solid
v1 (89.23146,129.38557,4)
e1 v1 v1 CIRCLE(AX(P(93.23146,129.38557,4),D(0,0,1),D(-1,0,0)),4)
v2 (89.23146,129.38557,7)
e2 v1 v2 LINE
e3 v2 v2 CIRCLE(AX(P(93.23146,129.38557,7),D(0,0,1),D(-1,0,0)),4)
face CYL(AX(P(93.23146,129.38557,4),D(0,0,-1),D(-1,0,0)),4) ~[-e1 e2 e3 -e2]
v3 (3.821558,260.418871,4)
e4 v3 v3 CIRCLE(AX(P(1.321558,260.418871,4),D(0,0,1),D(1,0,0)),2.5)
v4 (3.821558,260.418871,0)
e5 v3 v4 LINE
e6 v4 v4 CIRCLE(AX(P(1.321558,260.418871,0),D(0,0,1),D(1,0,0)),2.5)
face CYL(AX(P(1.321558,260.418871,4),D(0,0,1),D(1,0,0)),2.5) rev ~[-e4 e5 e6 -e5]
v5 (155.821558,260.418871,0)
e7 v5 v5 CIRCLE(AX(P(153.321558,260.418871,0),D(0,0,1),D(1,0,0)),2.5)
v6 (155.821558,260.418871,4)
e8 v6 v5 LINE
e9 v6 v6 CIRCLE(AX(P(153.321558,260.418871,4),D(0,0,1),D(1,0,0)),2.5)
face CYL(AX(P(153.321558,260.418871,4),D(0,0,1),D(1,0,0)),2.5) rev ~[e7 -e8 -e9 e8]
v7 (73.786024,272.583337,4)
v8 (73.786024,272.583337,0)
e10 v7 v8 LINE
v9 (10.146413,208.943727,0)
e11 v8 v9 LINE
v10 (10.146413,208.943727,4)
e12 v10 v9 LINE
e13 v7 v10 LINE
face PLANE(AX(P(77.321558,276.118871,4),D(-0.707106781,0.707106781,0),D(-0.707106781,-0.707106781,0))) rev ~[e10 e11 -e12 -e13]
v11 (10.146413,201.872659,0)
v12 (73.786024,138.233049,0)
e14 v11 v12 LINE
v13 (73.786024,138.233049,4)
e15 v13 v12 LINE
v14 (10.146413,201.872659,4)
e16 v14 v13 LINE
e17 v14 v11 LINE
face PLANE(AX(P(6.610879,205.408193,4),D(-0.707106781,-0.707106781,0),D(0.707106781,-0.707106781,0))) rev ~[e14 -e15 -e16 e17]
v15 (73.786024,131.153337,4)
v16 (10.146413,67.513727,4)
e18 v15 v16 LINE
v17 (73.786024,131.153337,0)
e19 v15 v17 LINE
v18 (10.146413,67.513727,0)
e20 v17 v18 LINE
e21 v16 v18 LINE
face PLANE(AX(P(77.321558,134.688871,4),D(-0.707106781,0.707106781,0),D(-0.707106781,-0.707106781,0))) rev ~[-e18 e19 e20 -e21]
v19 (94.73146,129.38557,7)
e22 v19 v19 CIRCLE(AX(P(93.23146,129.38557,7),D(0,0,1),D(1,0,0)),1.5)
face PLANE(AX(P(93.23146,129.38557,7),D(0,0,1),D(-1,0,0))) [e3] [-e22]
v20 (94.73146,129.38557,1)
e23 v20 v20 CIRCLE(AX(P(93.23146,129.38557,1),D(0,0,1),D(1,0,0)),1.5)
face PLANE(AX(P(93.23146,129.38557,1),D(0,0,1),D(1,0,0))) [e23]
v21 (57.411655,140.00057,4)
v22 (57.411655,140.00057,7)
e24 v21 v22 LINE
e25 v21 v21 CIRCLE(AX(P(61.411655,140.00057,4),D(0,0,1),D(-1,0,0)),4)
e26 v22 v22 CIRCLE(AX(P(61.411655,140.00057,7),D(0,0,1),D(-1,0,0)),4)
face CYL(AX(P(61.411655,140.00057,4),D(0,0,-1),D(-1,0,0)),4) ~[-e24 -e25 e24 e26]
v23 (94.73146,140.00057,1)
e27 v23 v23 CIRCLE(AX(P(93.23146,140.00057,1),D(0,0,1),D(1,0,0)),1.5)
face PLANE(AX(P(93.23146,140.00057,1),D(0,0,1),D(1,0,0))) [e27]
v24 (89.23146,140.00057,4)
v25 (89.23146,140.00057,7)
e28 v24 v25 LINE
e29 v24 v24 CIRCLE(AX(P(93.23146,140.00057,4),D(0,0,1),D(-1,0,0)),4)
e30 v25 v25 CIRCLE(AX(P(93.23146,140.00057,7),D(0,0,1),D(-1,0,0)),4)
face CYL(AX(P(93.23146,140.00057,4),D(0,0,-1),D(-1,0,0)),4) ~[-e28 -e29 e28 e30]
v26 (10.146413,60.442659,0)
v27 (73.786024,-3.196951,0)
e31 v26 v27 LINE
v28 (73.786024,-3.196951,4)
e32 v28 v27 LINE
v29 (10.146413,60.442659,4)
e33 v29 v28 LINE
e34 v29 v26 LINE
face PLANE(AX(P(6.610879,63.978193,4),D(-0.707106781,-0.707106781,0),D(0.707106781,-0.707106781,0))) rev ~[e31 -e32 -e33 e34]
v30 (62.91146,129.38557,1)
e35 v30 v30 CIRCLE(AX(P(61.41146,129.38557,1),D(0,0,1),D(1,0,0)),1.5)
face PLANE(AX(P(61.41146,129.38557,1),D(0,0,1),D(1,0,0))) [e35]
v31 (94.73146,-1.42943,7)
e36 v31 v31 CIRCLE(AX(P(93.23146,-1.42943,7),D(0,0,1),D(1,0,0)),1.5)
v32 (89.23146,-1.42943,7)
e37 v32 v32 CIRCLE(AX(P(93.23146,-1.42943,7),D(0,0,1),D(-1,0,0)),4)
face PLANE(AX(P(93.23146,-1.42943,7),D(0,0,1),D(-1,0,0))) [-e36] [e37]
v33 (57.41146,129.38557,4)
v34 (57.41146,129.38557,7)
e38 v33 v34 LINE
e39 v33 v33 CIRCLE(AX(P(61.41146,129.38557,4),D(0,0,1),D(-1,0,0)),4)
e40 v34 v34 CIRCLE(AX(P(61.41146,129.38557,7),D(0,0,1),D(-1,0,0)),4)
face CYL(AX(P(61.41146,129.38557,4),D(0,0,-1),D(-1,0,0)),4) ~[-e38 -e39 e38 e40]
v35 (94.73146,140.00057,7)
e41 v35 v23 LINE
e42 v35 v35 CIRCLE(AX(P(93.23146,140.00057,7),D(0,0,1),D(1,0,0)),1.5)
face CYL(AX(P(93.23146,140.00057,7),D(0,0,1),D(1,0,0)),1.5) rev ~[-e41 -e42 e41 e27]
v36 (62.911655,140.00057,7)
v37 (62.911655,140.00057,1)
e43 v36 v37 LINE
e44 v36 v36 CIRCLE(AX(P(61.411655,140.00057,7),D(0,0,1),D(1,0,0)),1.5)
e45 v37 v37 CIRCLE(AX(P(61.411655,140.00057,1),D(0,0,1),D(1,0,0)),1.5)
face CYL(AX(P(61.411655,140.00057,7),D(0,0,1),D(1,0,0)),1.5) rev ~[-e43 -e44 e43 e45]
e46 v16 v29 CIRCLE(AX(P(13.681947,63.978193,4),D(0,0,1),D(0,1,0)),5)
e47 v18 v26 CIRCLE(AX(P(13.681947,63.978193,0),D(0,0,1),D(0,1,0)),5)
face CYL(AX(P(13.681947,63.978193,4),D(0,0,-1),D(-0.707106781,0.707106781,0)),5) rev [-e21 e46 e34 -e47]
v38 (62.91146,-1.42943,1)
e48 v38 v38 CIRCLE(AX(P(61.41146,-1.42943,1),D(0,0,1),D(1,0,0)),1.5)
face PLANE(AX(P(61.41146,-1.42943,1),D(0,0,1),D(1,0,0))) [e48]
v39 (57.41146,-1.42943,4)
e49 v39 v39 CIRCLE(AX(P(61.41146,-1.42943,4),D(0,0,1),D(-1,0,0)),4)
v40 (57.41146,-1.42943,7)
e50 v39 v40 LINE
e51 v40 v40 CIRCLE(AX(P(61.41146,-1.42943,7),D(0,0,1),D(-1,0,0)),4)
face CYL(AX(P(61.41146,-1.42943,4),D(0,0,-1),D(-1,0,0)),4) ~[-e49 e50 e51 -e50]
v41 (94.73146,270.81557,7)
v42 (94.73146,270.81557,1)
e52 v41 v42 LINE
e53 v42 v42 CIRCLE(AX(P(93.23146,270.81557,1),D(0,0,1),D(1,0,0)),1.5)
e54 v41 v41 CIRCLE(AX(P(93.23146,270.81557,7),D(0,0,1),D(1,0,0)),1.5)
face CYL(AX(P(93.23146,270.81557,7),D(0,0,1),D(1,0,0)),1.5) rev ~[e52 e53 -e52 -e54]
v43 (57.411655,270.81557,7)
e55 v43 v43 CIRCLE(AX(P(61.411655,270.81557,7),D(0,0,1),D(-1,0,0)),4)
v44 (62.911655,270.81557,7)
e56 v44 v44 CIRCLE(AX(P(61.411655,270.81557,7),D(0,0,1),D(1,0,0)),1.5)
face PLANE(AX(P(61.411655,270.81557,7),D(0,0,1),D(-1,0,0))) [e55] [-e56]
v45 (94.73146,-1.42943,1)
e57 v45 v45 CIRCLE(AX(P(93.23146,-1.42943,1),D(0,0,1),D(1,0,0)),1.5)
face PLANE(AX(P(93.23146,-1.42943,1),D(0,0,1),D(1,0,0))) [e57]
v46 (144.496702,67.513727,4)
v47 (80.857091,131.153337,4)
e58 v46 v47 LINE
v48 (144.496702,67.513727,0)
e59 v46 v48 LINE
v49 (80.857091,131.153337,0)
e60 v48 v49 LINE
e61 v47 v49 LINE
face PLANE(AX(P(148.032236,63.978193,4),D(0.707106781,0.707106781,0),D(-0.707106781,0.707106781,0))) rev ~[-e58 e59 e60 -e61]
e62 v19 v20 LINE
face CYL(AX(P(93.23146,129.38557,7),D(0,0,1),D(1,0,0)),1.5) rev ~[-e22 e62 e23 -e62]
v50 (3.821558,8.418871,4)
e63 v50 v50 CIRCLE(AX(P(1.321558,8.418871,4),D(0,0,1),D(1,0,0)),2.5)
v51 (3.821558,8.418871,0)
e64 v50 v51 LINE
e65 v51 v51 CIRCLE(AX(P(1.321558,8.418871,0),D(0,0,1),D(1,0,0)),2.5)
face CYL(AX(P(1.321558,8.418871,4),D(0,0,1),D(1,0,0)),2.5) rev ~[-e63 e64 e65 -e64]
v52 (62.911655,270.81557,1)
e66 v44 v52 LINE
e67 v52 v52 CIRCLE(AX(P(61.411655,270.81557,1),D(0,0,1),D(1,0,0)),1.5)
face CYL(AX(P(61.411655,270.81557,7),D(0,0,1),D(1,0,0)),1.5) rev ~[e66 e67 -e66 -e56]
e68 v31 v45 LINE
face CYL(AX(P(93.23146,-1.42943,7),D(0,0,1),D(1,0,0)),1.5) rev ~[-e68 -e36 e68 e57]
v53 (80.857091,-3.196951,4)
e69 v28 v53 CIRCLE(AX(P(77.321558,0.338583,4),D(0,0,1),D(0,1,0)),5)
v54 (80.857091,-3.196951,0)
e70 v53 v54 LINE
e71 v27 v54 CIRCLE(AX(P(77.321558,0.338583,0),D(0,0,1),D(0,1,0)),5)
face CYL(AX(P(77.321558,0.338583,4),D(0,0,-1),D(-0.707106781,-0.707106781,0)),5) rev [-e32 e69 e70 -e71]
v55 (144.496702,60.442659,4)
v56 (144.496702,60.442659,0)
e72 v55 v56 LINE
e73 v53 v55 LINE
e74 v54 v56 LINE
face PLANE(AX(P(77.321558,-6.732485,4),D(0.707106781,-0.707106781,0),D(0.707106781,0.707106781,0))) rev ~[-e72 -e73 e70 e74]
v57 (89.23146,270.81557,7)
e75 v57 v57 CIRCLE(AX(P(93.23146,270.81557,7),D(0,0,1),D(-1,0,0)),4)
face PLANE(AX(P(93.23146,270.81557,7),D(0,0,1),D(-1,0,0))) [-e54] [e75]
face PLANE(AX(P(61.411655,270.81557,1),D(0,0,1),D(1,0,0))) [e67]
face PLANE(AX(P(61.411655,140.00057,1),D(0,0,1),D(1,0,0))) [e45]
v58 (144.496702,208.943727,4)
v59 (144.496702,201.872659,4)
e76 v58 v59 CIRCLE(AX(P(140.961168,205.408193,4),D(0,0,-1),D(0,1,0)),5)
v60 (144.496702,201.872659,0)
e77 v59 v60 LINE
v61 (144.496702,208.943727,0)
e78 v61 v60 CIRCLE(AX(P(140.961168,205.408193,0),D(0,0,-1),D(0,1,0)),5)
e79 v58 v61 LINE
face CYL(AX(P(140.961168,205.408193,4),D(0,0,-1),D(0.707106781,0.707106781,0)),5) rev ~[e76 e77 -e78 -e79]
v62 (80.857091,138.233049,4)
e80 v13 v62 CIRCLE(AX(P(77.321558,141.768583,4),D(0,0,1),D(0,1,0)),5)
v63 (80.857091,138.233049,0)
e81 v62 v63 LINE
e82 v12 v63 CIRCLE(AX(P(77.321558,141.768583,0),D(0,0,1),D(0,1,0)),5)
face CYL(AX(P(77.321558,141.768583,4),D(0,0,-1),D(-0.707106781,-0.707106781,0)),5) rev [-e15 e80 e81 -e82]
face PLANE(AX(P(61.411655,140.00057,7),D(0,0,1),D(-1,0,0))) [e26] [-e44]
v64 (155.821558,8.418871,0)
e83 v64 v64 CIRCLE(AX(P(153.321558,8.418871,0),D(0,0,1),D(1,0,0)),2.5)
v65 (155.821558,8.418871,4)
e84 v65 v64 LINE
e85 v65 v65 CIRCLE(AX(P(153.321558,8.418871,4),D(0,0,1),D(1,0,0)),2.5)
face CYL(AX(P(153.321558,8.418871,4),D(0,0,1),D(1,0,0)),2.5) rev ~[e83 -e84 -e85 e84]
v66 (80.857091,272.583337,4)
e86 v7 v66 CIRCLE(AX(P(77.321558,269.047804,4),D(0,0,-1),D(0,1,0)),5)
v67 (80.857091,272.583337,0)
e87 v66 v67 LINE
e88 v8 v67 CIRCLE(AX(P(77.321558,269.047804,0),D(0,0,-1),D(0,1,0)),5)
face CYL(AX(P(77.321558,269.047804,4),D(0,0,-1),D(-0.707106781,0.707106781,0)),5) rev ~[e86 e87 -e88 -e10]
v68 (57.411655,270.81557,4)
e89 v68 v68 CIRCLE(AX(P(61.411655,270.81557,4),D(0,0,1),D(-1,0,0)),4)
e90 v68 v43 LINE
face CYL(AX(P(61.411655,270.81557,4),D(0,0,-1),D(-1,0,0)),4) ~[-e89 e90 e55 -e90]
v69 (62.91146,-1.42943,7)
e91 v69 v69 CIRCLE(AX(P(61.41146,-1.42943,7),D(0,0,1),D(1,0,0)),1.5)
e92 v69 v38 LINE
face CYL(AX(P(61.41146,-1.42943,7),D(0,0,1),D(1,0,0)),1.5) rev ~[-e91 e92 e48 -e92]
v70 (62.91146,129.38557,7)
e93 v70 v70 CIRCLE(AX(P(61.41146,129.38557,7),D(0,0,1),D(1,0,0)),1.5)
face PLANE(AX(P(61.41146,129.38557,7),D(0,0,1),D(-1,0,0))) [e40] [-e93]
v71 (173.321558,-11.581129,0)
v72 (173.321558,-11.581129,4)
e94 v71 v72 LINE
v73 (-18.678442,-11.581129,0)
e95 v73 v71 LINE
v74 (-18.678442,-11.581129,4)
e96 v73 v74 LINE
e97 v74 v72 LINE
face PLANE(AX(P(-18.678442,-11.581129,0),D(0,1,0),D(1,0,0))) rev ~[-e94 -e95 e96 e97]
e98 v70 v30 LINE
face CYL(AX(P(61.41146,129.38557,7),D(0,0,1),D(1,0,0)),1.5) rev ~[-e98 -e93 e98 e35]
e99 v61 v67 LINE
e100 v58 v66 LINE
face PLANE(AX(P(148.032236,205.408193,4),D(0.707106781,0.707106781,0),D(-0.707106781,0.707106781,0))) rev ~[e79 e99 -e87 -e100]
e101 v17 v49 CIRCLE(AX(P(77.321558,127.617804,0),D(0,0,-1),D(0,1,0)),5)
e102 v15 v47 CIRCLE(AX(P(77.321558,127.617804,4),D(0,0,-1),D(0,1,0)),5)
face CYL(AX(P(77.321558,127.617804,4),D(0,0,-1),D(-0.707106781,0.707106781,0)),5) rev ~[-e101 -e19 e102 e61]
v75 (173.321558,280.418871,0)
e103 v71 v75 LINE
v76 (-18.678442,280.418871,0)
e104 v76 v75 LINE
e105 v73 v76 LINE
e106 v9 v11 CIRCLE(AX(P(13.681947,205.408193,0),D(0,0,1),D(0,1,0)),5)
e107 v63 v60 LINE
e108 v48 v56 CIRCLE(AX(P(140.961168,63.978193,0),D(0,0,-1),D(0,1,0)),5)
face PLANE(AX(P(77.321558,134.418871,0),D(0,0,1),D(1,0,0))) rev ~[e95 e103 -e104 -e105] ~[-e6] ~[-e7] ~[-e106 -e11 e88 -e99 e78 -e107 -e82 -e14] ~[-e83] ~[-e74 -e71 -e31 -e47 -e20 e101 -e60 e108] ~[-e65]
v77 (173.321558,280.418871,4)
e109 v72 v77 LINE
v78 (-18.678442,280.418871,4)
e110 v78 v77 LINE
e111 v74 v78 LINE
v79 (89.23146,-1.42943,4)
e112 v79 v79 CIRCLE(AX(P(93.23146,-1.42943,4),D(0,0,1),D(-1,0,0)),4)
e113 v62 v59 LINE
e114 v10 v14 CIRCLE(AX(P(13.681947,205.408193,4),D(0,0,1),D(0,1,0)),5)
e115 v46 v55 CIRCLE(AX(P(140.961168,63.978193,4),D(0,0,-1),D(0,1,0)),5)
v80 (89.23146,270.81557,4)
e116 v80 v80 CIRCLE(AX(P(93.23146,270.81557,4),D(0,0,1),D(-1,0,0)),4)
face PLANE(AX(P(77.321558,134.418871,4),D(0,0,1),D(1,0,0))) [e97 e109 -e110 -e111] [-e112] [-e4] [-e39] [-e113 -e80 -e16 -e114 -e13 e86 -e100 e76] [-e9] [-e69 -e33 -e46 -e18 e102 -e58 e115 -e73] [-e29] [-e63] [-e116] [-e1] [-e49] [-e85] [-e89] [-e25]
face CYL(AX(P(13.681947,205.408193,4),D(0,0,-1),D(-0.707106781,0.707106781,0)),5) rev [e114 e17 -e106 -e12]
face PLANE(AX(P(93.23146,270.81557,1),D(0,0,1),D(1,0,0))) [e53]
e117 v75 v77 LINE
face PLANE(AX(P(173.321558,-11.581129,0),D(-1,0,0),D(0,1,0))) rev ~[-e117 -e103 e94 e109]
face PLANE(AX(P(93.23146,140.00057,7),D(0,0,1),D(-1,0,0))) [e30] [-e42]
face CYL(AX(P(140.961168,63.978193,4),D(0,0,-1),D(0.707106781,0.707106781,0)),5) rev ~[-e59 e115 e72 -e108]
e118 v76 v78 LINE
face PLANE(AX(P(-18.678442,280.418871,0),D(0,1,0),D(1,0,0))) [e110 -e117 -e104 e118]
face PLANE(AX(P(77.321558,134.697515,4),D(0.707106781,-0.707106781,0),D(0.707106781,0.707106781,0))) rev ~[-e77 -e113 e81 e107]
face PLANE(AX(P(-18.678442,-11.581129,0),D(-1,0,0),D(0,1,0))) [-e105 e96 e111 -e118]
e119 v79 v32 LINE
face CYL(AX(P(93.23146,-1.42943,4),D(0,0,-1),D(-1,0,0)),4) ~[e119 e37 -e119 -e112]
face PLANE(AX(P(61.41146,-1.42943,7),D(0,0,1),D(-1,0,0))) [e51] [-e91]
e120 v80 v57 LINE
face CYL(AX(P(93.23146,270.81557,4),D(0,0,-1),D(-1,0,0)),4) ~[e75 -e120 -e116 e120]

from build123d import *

# Parameters (mm, degrees)
ESQUISSE1_W                          = 192
ESQUISSE1_H                          = 292
BOSS_EXTRU_1_DEPTH                   = 4
ENL_V_MAT_EXTRU_17_DEPTH             = 330.683341579
R_P_TITION_LIN_AIRE2_COUNT           = 2
R_P_TITION_LIN_AIRE2_PITCH           = 141.43
ESQUISSE5_R                          = 4
BOSS_EXTRU_2_DEPTH                   = 3
ESQUISSE6_R                          = 1.5
ENL_V_MAT_EXTRU_18_DEPTH             = 6
ESQUISSE7_R                          = 1.5
ENL_V_MAT_EXTRU_19_DEPTH             = 6
R_P_TITION_LIN_AIRE5_COUNT           = 2
R_P_TITION_LIN_AIRE5_PITCH           = 130.815
ESQUISSE10_R                         = 1.5
ENL_V_MAT_EXTRU_20_DEPTH             = 6
ESQUISSE9_R                          = 4
BOSS_EXTRU_3_DEPTH                   = 3
ESQUISSE11_R                         = 1.5
ENL_V_MAT_EXTRU_21_DEPTH             = 6
R_P_TITION_LIN_AIRE6_COUNT           = 2
R_P_TITION_LIN_AIRE6_PITCH           = 31.82
R_P_TITION_LIN_AIRE7_COUNT           = 2
R_P_TITION_LIN_AIRE7_PITCH           = 130.815
R_P_TITION_LIN_AIRE7_COPY_1_SKETCH_R = 4
R_P_TITION_LIN_AIRE7_COPY_1_DEPTH    = 3
R_P_TITION_LIN_AIRE7_COPY_2_SKETCH_R = 1.5
R_P_TITION_LIN_AIRE7_COPY_2_DEPTH    = 6
ESQUISSE14_R                         = 2.5
ENL_V_MAT_EXTRU_22_DEPTH             = 330.683341579
CONG_2_R                             = 5


with BuildPart() as part:
    # Esquisse1 → Boss.-Extru.1 (new body)
    with BuildSketch(Plane.XY):
        with Locations((77.321557543, 134.418871343)):
            Rectangle(ESQUISSE1_W, ESQUISSE1_H)
    extrude(amount=BOSS_EXTRU_1_DEPTH)

    # Esquisse4 → Enlèv. mat.-Extru.17 (cut, through all)
    with BuildSketch(Plane.XY.offset(4)):
        Polygon((77.321557543, 276.118871343), (6.610879425, 205.408193225), (77.321557543, 134.697515106), (148.032235662, 205.408193225), align=None)
    enl_v_mat_extru_17 = extrude(amount=-ENL_V_MAT_EXTRU_17_DEPTH, mode=Mode.SUBTRACT)

    # Répétition linéaire2: Enlèv. mat.-Extru.17 ×2
    with Locations(*[(0, -i * R_P_TITION_LIN_AIRE2_PITCH, 0) for i in range(1, R_P_TITION_LIN_AIRE2_COUNT)]):
        add(enl_v_mat_extru_17, mode=Mode.SUBTRACT)

    # Esquisse5 → Boss.-Extru.2 (add)
    with BuildSketch(Plane.XY.offset(4)):
        with Locations(Location((61.411654967, 270.815570484, 0), (0, 0, 180))):
            Circle(ESQUISSE5_R)
        with Locations(Location((93.23146012, 270.815570484, 0), (0, 0, 180))):
            Circle(ESQUISSE5_R)
    boss_extru_2 = extrude(amount=BOSS_EXTRU_2_DEPTH)

    # Esquisse6 → Enlèv. mat.-Extru.18 (cut)
    with BuildSketch(Plane.XY.offset(7)):
        with Locations((61.411654967, 270.815570484)):
            Circle(ESQUISSE6_R)
    enl_v_mat_extru_18 = extrude(amount=-ENL_V_MAT_EXTRU_18_DEPTH, mode=Mode.SUBTRACT)

    # Esquisse7 → Enlèv. mat.-Extru.19 (cut)
    with BuildSketch(Plane.XY.offset(7)):
        with Locations((93.23146012, 270.815570484)):
            Circle(ESQUISSE7_R)
    extrude(amount=-ENL_V_MAT_EXTRU_19_DEPTH, mode=Mode.SUBTRACT)

    # Répétition linéaire5: Boss.-Extru.2, Enlèv. mat.-Extru.18 ×2
    with Locations(*[(0, -i * R_P_TITION_LIN_AIRE5_PITCH, 0) for i in range(1, R_P_TITION_LIN_AIRE5_COUNT)]):
        add(boss_extru_2)
        add(enl_v_mat_extru_18, mode=Mode.SUBTRACT)

    # Esquisse10 → Enlèv. mat.-Extru.20 (cut)
    with BuildSketch(Plane.XY.offset(7)):
        with Locations((93.23146012, 140.000570484)):
            Circle(ESQUISSE10_R)
    extrude(amount=-ENL_V_MAT_EXTRU_20_DEPTH, mode=Mode.SUBTRACT)

    # Esquisse9 → Boss.-Extru.3 (add)
    with BuildSketch(Plane.XY.offset(4)):
        with Locations(Location((93.23146012, 129.385570484, 0), (0, 0, 180))):
            Circle(ESQUISSE9_R)
    boss_extru_3 = extrude(amount=BOSS_EXTRU_3_DEPTH)

    # Esquisse11 → Enlèv. mat.-Extru.21 (cut)
    with BuildSketch(Plane.XY.offset(7)):
        with Locations((93.23146012, 129.385570484)):
            Circle(ESQUISSE11_R)
    enl_v_mat_extru_21 = extrude(amount=-ENL_V_MAT_EXTRU_21_DEPTH, mode=Mode.SUBTRACT)

    # Répétition linéaire6: Boss.-Extru.3, Enlèv. mat.-Extru.21 ×2
    with Locations(*[(-i * R_P_TITION_LIN_AIRE6_PITCH, 0, 0) for i in range(1, R_P_TITION_LIN_AIRE6_COUNT)]):
        add(boss_extru_3)
        add(enl_v_mat_extru_21, mode=Mode.SUBTRACT)

    # Répétition linéaire7: Boss.-Extru.3, Enlèv. mat.-Extru.21 ×2
    with Locations(*[(0, -i * R_P_TITION_LIN_AIRE7_PITCH, 0) for i in range(1, R_P_TITION_LIN_AIRE7_COUNT)]):
        add(boss_extru_3)
        add(enl_v_mat_extru_21, mode=Mode.SUBTRACT)

    # Répétition linéaire7 copy 1 sketch → Répétition linéaire7 copy 1 (add)
    with BuildSketch(Plane(origin=(-31.82, -130.815, 4), x_dir=(1, 0, 0), z_dir=(0, 0, 1))):
        with Locations(Location((93.23146012, 129.385570484, 0), (0, 0, 180))):
            Circle(R_P_TITION_LIN_AIRE7_COPY_1_SKETCH_R)
    extrude(amount=R_P_TITION_LIN_AIRE7_COPY_1_DEPTH)

    # Répétition linéaire7 copy 2 sketch → Répétition linéaire7 copy 2 (cut)
    with BuildSketch(Plane(origin=(-31.82, -130.815, 7), x_dir=(1, 0, 0), z_dir=(0, 0, 1))):
        with Locations((93.23146012, 129.385570484)):
            Circle(R_P_TITION_LIN_AIRE7_COPY_2_SKETCH_R)
    extrude(amount=-R_P_TITION_LIN_AIRE7_COPY_2_DEPTH, mode=Mode.SUBTRACT)

    # Esquisse14 → Enlèv. mat.-Extru.22 (cut, through all)
    with BuildSketch(Plane.XY.offset(4)):
        with Locations((1.321557543, 8.418871343)):
            Circle(ESQUISSE14_R)
        with Locations((153.321557543, 8.418871343)):
            Circle(ESQUISSE14_R)
        with Locations((153.321557543, 260.418871343)):
            Circle(ESQUISSE14_R)
        with Locations((1.321557543, 260.418871343)):
            Circle(ESQUISSE14_R)
    extrude(amount=-ENL_V_MAT_EXTRU_22_DEPTH, mode=Mode.SUBTRACT)

    # Congé2
    cong_2_edges = [part.edges().sort_by_distance(p)[0] for p in [
        (6.610879425, 205.408193225, 2),
        (77.321557543, 276.118871343, 2),
        (148.032235662, 205.408193225, 2),
        (77.321557543, 134.697515106, 2),
        (6.610879425, 63.978193225, 2),
        (77.321557543, 134.688871343, 2),
        (148.032235662, 63.978193225, 2),
        (77.321557543, -6.732484894, 2),
    ]]
    fillet(cong_2_edges, radius=CONG_2_R)


solid = part.part
